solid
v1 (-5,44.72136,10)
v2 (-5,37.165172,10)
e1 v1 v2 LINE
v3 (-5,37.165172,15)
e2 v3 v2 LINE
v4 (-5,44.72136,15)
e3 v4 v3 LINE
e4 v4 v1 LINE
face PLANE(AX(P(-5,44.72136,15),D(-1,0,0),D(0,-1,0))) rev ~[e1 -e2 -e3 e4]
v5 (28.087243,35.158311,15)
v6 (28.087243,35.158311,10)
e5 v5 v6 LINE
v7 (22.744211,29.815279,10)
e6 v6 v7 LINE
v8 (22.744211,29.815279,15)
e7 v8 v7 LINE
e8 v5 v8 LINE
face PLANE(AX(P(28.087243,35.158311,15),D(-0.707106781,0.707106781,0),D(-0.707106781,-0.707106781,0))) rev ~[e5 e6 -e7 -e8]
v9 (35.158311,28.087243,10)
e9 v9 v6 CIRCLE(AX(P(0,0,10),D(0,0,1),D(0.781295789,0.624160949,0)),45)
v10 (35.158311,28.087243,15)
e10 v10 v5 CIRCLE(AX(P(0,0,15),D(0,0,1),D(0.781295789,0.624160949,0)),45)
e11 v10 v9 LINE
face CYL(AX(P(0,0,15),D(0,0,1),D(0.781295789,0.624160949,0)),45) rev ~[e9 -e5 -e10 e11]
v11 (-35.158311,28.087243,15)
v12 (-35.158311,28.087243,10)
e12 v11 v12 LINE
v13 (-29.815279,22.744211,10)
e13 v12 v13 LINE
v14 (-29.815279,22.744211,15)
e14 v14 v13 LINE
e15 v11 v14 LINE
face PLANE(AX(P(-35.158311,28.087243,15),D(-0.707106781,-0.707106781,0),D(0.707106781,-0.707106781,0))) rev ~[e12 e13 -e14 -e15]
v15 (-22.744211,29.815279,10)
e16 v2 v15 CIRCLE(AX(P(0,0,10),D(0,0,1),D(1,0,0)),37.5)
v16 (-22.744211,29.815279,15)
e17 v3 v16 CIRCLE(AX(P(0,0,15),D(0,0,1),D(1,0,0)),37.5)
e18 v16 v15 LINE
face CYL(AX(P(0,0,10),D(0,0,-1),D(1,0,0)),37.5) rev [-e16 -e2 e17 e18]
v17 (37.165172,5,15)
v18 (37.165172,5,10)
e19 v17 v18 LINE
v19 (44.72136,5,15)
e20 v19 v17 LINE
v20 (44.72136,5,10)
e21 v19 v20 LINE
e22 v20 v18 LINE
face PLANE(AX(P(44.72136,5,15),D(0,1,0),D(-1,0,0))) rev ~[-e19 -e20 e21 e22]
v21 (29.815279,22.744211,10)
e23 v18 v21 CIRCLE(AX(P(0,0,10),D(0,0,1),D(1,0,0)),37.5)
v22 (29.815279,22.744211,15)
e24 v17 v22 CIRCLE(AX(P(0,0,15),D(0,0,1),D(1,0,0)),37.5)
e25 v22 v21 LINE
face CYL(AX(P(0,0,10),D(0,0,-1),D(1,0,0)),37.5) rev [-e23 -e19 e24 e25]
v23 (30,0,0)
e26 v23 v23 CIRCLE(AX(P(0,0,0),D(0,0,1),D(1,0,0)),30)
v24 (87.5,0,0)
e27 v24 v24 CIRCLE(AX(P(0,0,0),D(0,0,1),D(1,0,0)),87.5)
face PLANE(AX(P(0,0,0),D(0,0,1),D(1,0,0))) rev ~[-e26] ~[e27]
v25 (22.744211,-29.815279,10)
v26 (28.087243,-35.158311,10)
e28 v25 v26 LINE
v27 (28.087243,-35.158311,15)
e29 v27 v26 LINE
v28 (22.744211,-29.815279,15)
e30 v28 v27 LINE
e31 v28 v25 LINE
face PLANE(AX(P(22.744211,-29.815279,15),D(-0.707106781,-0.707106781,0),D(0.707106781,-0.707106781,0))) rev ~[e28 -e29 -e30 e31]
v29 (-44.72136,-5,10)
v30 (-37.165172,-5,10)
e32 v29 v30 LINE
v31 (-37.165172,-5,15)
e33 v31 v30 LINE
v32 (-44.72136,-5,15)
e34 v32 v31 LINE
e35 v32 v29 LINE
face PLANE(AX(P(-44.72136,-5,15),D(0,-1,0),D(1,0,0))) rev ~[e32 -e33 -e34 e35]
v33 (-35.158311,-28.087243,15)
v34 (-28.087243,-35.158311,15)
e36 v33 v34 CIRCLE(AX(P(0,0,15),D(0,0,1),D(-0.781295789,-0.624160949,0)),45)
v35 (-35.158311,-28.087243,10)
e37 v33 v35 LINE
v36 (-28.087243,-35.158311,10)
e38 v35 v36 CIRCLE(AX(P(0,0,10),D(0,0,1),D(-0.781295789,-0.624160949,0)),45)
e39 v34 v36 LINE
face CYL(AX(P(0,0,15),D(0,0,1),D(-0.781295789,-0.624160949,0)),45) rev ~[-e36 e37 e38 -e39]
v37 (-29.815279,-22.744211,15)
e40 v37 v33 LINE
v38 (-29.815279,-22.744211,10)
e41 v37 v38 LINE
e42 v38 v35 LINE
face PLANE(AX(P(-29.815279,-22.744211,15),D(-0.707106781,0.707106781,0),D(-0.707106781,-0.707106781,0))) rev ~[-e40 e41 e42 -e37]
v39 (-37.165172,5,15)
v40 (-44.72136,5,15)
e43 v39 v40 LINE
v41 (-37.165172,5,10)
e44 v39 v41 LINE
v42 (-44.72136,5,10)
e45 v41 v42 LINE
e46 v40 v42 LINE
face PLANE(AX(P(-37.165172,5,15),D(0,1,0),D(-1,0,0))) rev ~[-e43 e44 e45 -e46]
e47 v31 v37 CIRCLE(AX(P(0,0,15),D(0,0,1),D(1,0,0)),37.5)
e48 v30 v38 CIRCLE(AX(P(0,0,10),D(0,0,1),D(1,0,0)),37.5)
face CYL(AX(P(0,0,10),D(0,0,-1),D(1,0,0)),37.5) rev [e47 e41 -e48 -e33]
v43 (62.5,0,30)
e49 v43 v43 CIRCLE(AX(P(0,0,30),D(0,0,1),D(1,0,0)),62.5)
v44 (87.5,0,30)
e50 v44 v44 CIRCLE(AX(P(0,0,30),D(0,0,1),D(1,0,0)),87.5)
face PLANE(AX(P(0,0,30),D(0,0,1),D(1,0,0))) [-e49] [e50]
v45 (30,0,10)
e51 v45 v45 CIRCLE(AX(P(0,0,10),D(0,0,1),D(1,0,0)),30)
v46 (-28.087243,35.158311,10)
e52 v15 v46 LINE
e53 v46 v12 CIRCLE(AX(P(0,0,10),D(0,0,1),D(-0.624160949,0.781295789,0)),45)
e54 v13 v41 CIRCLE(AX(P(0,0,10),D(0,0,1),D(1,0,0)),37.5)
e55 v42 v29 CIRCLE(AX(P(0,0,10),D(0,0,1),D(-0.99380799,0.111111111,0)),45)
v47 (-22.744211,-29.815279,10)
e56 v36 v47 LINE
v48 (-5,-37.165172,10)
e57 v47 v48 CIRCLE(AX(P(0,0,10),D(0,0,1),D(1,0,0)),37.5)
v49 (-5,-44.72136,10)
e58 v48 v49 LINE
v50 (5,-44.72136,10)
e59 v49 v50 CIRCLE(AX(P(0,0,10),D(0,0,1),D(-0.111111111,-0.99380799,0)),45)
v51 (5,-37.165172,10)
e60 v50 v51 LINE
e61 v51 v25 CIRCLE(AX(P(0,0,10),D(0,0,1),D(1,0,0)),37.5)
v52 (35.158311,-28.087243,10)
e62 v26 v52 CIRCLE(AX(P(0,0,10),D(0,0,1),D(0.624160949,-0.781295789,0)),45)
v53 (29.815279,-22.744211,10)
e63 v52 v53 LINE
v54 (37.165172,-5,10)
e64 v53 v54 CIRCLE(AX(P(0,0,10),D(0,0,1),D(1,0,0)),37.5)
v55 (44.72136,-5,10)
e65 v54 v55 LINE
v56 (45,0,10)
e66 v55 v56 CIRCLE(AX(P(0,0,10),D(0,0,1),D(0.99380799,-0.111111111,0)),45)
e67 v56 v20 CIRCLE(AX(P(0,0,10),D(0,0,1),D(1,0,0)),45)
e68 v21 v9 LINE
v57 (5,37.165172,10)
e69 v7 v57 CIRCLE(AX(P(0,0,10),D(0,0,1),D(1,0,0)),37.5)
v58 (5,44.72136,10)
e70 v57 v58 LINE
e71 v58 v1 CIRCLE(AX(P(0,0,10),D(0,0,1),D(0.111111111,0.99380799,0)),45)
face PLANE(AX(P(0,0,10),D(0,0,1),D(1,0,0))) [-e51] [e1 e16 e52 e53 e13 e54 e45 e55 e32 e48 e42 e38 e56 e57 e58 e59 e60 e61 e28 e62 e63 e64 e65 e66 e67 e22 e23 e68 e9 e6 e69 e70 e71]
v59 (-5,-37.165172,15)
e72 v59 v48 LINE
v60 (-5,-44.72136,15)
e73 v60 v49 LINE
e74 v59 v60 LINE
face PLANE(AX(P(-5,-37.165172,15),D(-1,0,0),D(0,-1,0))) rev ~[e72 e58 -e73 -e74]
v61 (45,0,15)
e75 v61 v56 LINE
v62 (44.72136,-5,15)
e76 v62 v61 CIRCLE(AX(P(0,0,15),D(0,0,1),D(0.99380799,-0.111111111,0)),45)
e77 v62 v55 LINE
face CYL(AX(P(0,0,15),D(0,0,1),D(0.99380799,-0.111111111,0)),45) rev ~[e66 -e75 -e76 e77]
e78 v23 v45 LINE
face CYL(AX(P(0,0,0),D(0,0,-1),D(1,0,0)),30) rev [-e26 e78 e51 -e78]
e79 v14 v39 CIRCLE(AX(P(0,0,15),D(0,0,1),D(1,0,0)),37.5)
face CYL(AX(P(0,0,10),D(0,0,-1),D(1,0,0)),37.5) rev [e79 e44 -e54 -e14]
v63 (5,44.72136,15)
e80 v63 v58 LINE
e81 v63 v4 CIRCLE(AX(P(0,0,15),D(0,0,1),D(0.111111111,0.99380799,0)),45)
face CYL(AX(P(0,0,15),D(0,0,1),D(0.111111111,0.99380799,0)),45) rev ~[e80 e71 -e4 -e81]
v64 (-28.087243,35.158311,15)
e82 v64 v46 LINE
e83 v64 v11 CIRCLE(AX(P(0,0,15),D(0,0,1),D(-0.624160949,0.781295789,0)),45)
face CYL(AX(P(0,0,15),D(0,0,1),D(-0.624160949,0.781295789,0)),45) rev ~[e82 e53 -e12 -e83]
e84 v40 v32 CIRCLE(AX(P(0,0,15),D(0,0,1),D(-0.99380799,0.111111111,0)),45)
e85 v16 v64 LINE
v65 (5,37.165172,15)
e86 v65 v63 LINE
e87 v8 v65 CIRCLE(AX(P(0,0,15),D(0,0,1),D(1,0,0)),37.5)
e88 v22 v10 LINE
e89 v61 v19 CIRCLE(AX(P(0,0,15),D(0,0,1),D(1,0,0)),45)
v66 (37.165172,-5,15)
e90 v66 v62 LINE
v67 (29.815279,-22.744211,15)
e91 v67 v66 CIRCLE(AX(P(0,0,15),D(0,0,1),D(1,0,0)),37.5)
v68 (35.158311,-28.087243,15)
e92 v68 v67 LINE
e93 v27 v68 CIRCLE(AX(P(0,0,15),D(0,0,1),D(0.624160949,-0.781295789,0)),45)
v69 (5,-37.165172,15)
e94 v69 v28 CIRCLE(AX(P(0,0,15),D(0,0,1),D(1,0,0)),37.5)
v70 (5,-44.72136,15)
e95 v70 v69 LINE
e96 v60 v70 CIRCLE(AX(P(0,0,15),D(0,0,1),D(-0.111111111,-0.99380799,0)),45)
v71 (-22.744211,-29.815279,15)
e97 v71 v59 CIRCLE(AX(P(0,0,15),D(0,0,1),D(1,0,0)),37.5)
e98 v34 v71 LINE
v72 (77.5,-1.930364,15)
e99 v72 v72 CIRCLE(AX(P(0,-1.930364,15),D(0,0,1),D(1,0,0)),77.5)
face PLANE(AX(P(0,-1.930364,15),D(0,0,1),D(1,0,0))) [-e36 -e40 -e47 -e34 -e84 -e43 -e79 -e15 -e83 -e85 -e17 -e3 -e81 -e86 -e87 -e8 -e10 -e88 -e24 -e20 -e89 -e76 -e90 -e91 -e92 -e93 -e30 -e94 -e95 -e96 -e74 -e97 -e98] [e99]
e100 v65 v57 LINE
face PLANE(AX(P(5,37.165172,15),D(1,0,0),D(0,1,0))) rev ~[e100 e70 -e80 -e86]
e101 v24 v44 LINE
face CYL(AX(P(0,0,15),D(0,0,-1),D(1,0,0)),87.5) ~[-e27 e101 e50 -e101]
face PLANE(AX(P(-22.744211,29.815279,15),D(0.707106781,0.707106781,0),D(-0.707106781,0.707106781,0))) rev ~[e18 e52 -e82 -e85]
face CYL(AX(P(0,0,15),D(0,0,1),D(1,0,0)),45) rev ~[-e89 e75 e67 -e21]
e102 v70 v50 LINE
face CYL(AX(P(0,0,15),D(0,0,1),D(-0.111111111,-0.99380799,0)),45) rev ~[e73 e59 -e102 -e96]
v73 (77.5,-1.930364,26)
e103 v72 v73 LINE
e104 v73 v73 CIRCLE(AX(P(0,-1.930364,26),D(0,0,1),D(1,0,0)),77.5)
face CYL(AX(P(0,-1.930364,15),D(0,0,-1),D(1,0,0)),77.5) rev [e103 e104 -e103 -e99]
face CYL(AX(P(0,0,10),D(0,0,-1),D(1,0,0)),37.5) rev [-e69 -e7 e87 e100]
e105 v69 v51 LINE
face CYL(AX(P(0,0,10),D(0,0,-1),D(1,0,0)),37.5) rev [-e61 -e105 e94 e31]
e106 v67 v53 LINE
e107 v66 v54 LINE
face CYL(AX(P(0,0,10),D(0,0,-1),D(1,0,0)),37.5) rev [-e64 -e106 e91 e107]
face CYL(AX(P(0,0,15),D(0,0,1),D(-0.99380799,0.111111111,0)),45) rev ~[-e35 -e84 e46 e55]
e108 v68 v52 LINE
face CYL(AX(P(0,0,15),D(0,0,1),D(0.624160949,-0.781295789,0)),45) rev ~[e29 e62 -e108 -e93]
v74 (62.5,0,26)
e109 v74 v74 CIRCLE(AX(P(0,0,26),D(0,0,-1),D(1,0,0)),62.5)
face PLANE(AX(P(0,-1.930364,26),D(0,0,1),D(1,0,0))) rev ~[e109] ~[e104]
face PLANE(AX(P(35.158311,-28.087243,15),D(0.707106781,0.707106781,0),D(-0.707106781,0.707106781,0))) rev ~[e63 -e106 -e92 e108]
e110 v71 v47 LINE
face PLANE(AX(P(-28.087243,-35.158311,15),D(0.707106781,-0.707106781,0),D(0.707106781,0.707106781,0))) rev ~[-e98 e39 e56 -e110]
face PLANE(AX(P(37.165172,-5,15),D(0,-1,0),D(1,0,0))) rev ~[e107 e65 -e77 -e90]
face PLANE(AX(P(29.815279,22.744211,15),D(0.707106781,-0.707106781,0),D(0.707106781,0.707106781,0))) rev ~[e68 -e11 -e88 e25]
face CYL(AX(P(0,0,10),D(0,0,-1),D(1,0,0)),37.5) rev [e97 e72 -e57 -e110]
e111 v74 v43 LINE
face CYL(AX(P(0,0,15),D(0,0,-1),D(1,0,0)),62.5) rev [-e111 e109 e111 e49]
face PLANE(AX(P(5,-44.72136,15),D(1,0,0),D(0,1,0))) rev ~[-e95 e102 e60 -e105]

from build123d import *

# Parameters (mm, degrees)
F0_R     = 87.5
F0_R_2   = 30
F1_DEPTH = 10
F2_R     = 87.5
F2_R_2   = 37.5
F3_DEPTH = 5
F5_DEPTH = 5
F6_R     = 87.5
F6_R_2   = 62.5
F7_DEPTH = 15
F8_R     = 77.5
F9_DEPTH = 11


with BuildPart() as f1:
    # F0 (on Top) → F1 (new body)
    with BuildSketch(Plane.XY):
        Circle(F0_R)
        Circle(F0_R_2, mode=Mode.SUBTRACT)
    extrude(amount=F1_DEPTH)

    # F2 (on face) → F3 (join)
    with BuildSketch(Plane.XY.offset(10)):
        Circle(F2_R)
        Circle(F2_R_2, mode=Mode.SUBTRACT)
    extrude(amount=F3_DEPTH)

    # F4 (on face) → F5 (cut)
    with BuildSketch(Plane.XY.offset(15)):
        with BuildLine():
            ThreePointArc((-29.815278958, 22.7442111461), (-26.5165042945, 26.5165042945), (-22.7442111461, 29.815278958))
            Line((-22.7442111461, 29.815278958), (-28.0872426958, 35.1583105076))
            ThreePointArc((-28.0872426958, 35.1583105076), (-31.8198051534, 31.8198051534), (-35.1583105076, 28.0872426958))
            Line((-35.1583105076, 28.0872426958), (-29.815278958, 22.7442111461))
        make_face()
        with BuildLine():
            Line((-5, 44.72135955), (-5, 37.1651718683))
            ThreePointArc((-5, 37.1651718683), (0, 37.5), (5, 37.1651718683))
            Line((5, 37.1651718683), (5, 44.72135955))
            ThreePointArc((5, 44.72135955), (0, 45), (-5, 44.72135955))
        make_face()
        with BuildLine():
            Line((28.0872426958, 35.1583105076), (22.7442111461, 29.815278958))
            ThreePointArc((22.7442111461, 29.815278958), (26.5165042945, 26.5165042945), (29.815278958, 22.7442111461))
            Line((29.815278958, 22.7442111461), (35.1583105076, 28.0872426958))
            ThreePointArc((35.1583105076, 28.0872426958), (31.8198051534, 31.8198051534), (28.0872426958, 35.1583105076))
        make_face()
        with BuildLine():
            Line((44.72135955, 5), (37.1651718683, 5))
            ThreePointArc((37.1651718683, 5), (37.4161993331, 2.5055992236), (37.5, 0))
            ThreePointArc((37.5, 0), (37.4161993331, -2.5055992236), (37.1651718683, -5))
            Line((37.1651718683, -5), (44.72135955, -5))
            ThreePointArc((44.72135955, -5), (44.9302858869, -2.5038790157), (45, 0))
            ThreePointArc((45, 0), (44.9302858869, 2.5038790157), (44.72135955, 5))
        make_face()
        with BuildLine():
            Line((35.1583105076, -28.0872426958), (29.815278958, -22.7442111461))
            ThreePointArc((29.815278958, -22.7442111461), (26.5165042945, -26.5165042945), (22.7442111461, -29.815278958))
            Line((22.7442111461, -29.815278958), (28.0872426958, -35.1583105076))
            ThreePointArc((28.0872426958, -35.1583105076), (31.8198051534, -31.8198051534), (35.1583105076, -28.0872426958))
        make_face()
        with BuildLine():
            ThreePointArc((5, -37.1651718683), (0, -37.5), (-5, -37.1651718683))
            Line((-5, -37.1651718683), (-5, -44.72135955))
            ThreePointArc((-5, -44.72135955), (0, -45), (5, -44.72135955))
            Line((5, -44.72135955), (5, -37.1651718683))
        make_face()
        with BuildLine():
            ThreePointArc((-22.7442111461, -29.815278958), (-26.5165042945, -26.5165042945), (-29.815278958, -22.7442111461))
            Line((-29.815278958, -22.7442111461), (-35.1583105076, -28.0872426958))
            ThreePointArc((-35.1583105076, -28.0872426958), (-31.8198051534, -31.8198051534), (-28.0872426958, -35.1583105076))
            Line((-28.0872426958, -35.1583105076), (-22.7442111461, -29.815278958))
        make_face()
        with BuildLine():
            ThreePointArc((-37.1651718683, -5), (-37.5, 0), (-37.1651718683, 5))
            Line((-37.1651718683, 5), (-44.72135955, 5))
            ThreePointArc((-44.72135955, 5), (-45, 0), (-44.72135955, -5))
            Line((-44.72135955, -5), (-37.1651718683, -5))
        make_face()
    extrude(amount=-F5_DEPTH, mode=Mode.SUBTRACT)

    # F6 (on face) → F7 (join)
    with BuildSketch(Plane.XY.offset(15)):
        Circle(F6_R)
        Circle(F6_R_2, mode=Mode.SUBTRACT)
    extrude(amount=F7_DEPTH)

    # F8 (on face) → F9 (cut)
    with BuildSketch(Plane.XY.offset(15)):
        with Locations((0, -1.9303644706)):
            Circle(F8_R)
    extrude(amount=F9_DEPTH, mode=Mode.SUBTRACT)


solid = f1.part
